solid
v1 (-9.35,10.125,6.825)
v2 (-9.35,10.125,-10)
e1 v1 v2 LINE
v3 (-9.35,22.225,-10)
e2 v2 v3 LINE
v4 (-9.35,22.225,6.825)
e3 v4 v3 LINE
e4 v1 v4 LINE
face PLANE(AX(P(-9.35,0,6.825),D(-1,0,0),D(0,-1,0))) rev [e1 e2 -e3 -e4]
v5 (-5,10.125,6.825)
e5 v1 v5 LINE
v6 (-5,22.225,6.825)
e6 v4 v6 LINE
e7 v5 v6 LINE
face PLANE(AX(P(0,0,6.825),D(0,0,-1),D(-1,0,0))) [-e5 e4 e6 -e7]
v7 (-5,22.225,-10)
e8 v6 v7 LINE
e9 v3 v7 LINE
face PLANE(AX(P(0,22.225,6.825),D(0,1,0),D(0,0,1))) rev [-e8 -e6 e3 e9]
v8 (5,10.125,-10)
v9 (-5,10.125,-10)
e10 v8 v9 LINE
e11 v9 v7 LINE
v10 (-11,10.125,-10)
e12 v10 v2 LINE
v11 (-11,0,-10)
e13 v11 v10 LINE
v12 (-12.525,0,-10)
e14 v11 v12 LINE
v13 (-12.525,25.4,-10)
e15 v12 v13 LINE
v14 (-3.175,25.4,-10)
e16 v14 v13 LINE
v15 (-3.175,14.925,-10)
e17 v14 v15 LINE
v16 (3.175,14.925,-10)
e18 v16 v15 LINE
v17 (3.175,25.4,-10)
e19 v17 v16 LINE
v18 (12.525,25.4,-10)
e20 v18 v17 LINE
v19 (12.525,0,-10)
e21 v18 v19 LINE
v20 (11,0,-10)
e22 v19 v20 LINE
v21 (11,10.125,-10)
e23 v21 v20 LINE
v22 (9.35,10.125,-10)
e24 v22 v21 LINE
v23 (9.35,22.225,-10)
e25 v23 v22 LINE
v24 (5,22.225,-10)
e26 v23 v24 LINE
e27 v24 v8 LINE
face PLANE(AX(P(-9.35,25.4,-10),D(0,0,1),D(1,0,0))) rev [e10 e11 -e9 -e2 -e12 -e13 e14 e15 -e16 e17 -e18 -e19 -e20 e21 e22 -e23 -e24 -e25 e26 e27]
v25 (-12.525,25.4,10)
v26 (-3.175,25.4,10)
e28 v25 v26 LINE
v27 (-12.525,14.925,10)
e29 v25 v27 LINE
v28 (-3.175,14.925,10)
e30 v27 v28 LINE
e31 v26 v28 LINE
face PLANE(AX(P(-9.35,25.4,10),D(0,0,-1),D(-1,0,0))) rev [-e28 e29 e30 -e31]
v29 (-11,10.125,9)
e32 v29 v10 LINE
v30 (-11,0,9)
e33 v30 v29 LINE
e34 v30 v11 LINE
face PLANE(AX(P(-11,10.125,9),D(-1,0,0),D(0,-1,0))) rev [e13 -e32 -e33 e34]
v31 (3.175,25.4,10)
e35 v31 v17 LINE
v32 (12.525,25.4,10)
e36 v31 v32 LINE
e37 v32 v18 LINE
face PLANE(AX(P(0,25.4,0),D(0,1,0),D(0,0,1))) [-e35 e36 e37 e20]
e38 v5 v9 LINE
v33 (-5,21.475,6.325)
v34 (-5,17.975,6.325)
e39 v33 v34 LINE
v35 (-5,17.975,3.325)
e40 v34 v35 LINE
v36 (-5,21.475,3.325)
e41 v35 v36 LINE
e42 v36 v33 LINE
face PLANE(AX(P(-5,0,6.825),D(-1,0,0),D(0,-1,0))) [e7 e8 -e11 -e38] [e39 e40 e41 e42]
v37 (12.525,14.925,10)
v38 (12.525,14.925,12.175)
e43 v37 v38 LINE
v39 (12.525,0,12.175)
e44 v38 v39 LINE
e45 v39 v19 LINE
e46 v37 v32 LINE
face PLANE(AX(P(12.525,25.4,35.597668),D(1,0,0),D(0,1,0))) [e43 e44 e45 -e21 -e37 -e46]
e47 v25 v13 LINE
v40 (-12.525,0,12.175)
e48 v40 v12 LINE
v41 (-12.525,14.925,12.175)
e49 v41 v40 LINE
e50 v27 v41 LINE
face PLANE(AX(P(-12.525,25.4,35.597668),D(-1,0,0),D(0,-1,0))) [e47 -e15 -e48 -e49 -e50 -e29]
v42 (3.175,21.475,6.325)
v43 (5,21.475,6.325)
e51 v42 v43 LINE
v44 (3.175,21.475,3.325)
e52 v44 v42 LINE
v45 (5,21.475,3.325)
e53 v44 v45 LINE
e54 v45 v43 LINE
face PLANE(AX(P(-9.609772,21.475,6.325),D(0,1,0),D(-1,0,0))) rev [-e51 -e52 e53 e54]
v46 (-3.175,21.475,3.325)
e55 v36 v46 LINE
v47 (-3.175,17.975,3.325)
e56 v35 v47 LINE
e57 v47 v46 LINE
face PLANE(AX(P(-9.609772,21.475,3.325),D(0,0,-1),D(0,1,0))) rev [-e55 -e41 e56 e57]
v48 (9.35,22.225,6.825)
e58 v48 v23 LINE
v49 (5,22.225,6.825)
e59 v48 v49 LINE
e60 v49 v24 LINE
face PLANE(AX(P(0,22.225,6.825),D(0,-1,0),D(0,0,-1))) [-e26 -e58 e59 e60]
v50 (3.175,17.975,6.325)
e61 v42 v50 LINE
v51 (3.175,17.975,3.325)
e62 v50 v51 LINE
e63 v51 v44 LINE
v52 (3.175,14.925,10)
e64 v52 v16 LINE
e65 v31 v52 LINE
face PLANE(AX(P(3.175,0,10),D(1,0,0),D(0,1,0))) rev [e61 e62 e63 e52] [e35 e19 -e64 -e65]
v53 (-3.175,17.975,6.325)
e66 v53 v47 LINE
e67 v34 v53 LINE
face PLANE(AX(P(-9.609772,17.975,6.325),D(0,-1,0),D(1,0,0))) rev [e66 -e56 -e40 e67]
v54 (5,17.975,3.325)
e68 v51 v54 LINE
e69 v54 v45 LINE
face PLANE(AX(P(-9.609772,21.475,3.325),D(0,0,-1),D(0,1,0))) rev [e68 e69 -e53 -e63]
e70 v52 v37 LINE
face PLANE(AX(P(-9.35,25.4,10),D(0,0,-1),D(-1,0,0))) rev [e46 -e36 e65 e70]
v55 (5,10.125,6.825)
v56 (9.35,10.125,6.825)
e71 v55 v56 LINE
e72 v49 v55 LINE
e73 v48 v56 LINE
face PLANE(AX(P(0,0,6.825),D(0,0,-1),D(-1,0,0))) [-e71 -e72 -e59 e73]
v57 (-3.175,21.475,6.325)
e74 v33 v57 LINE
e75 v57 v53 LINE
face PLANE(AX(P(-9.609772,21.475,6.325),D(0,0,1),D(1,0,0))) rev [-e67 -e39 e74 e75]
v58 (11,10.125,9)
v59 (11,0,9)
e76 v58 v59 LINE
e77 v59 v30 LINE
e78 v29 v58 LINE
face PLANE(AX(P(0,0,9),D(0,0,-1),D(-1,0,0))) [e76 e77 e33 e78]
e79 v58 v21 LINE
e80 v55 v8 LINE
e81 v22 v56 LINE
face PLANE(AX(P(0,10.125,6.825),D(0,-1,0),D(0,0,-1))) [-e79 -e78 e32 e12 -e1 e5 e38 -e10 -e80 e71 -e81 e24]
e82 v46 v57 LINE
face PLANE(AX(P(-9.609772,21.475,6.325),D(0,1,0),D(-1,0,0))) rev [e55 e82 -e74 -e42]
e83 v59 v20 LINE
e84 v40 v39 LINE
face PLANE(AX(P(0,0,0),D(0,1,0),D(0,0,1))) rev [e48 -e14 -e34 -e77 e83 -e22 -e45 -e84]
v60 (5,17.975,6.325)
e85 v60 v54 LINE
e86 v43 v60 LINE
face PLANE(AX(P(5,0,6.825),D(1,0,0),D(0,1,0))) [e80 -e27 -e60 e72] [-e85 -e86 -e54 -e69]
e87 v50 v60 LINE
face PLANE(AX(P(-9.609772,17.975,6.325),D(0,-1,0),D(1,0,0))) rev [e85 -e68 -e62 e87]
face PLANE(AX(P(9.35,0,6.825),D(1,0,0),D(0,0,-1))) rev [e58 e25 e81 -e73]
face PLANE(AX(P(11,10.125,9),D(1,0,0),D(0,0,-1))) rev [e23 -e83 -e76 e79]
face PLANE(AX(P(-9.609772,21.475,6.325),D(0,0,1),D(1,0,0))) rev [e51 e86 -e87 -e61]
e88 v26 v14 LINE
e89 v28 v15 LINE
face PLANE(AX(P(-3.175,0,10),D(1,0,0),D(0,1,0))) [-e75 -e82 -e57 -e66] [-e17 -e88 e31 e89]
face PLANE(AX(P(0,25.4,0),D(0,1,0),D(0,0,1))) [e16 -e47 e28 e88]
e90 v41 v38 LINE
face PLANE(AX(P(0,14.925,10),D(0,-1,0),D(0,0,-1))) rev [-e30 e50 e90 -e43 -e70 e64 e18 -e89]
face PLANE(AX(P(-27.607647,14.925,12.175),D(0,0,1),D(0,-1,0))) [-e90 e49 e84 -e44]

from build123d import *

# Parameters (mm, degrees)
SKETCH2_W           = 18.7
SKETCH2_H           = 20
BOSS_EXTRUDE1_DEPTH = 25.4
SKETCH3_W           = 6.35
SKETCH3_H           = 7.3
SKETCH3_H_2         = 3.175
CUT_EXTRUDE1_DEPTH  = 21
SKETCH5_W           = 3.175
SKETCH5_H           = 25.4
BOSS_EXTRUDE2_DEPTH = 20
SKETCH6_W           = 10
SKETCH6_H           = 10.125
CUT_EXTRUDE2_DEPTH  = 16.825
SKETCH7_W           = 3
SKETCH7_H           = 3.5
CUT_EXTRUDE3_DEPTH  = 10
SKETCH8_W           = 22
SKETCH8_H           = 10.125
CUT_EXTRUDE4_DEPTH  = 19
SKETCH9_W           = 2.175
SKETCH9_H           = 14.925
BOSS_EXTRUDE3_DEPTH = 25.05


with BuildPart() as part:
    # Sketch2 → Boss-Extrude1 (new body)
    with BuildSketch(Plane(origin=(0, 0, 0), x_dir=(1, 0, 0), z_dir=(0, 1, 0))):
        Rectangle(SKETCH2_W, SKETCH2_H)
    extrude(amount=BOSS_EXTRUDE1_DEPTH)

    # Sketch3 → Cut-Extrude1 (cut, through all)
    with BuildSketch(Plane(origin=(0, 0, -10), x_dir=(-1, 0, 0), z_dir=(0, 0, -1))):
        with Locations((0, 21.75)):
            Rectangle(SKETCH3_W, SKETCH3_H)
        with Locations((0, 16.5125)):
            Rectangle(SKETCH3_W, SKETCH3_H_2)
    extrude(amount=-CUT_EXTRUDE1_DEPTH, mode=Mode.SUBTRACT)

    # Sketch5 → Boss-Extrude2 (add)
    with BuildSketch(Plane(origin=(0, 0, -10), x_dir=(-1, 0, 0), z_dir=(0, 0, -1))):
        with Locations((-10.9375, 12.7)):
            Rectangle(SKETCH5_W, SKETCH5_H)
        with Locations((10.9375, 12.7)):
            Rectangle(SKETCH5_W, SKETCH5_H)
    extrude(amount=-BOSS_EXTRUDE2_DEPTH)

    # Sketch6 → Cut-Extrude2 (cut)
    with BuildSketch(Plane(origin=(0, 0, -10), x_dir=(-1, 0, 0), z_dir=(0, 0, -1))):
        Polygon((5, 22.225), (5, 10.125), (5, 0), (9.35, 0), (9.35, 22.225), align=None)
        with Locations((0, 5.0625)):
            Rectangle(SKETCH6_W, SKETCH6_H)
        Polygon((-5, 22.225), (-9.35, 22.225), (-9.35, 0), (-5, 0), (-5, 10.125), align=None)
    extrude(amount=-CUT_EXTRUDE2_DEPTH, mode=Mode.SUBTRACT)

    # Sketch7 → Cut-Extrude3 (cut)
    with BuildSketch(Plane(origin=(5, 0, 0), x_dir=(0, 0, -1), z_dir=(1, 0, 0))):
        with Locations((-4.825, 19.725)):
            Rectangle(SKETCH7_W, SKETCH7_H)
    extrude(amount=-CUT_EXTRUDE3_DEPTH, mode=Mode.SUBTRACT)

    # Sketch8 → Cut-Extrude4 (cut)
    with BuildSketch(Plane(origin=(0, 0, -10), x_dir=(-1, 0, 0), z_dir=(0, 0, -1))):
        with Locations((0, 5.0625)):
            Rectangle(SKETCH8_W, SKETCH8_H)
    extrude(amount=-CUT_EXTRUDE4_DEPTH, mode=Mode.SUBTRACT)

    # Sketch9 → Boss-Extrude3 (add)
    with BuildSketch(Plane(origin=(12.525, 0, 0), x_dir=(0, 0, -1), z_dir=(1, 0, 0))):
        with Locations((-11.0875, 7.4625)):
            Rectangle(SKETCH9_W, SKETCH9_H)
    extrude(amount=-BOSS_EXTRUDE3_DEPTH)


solid = part.part
